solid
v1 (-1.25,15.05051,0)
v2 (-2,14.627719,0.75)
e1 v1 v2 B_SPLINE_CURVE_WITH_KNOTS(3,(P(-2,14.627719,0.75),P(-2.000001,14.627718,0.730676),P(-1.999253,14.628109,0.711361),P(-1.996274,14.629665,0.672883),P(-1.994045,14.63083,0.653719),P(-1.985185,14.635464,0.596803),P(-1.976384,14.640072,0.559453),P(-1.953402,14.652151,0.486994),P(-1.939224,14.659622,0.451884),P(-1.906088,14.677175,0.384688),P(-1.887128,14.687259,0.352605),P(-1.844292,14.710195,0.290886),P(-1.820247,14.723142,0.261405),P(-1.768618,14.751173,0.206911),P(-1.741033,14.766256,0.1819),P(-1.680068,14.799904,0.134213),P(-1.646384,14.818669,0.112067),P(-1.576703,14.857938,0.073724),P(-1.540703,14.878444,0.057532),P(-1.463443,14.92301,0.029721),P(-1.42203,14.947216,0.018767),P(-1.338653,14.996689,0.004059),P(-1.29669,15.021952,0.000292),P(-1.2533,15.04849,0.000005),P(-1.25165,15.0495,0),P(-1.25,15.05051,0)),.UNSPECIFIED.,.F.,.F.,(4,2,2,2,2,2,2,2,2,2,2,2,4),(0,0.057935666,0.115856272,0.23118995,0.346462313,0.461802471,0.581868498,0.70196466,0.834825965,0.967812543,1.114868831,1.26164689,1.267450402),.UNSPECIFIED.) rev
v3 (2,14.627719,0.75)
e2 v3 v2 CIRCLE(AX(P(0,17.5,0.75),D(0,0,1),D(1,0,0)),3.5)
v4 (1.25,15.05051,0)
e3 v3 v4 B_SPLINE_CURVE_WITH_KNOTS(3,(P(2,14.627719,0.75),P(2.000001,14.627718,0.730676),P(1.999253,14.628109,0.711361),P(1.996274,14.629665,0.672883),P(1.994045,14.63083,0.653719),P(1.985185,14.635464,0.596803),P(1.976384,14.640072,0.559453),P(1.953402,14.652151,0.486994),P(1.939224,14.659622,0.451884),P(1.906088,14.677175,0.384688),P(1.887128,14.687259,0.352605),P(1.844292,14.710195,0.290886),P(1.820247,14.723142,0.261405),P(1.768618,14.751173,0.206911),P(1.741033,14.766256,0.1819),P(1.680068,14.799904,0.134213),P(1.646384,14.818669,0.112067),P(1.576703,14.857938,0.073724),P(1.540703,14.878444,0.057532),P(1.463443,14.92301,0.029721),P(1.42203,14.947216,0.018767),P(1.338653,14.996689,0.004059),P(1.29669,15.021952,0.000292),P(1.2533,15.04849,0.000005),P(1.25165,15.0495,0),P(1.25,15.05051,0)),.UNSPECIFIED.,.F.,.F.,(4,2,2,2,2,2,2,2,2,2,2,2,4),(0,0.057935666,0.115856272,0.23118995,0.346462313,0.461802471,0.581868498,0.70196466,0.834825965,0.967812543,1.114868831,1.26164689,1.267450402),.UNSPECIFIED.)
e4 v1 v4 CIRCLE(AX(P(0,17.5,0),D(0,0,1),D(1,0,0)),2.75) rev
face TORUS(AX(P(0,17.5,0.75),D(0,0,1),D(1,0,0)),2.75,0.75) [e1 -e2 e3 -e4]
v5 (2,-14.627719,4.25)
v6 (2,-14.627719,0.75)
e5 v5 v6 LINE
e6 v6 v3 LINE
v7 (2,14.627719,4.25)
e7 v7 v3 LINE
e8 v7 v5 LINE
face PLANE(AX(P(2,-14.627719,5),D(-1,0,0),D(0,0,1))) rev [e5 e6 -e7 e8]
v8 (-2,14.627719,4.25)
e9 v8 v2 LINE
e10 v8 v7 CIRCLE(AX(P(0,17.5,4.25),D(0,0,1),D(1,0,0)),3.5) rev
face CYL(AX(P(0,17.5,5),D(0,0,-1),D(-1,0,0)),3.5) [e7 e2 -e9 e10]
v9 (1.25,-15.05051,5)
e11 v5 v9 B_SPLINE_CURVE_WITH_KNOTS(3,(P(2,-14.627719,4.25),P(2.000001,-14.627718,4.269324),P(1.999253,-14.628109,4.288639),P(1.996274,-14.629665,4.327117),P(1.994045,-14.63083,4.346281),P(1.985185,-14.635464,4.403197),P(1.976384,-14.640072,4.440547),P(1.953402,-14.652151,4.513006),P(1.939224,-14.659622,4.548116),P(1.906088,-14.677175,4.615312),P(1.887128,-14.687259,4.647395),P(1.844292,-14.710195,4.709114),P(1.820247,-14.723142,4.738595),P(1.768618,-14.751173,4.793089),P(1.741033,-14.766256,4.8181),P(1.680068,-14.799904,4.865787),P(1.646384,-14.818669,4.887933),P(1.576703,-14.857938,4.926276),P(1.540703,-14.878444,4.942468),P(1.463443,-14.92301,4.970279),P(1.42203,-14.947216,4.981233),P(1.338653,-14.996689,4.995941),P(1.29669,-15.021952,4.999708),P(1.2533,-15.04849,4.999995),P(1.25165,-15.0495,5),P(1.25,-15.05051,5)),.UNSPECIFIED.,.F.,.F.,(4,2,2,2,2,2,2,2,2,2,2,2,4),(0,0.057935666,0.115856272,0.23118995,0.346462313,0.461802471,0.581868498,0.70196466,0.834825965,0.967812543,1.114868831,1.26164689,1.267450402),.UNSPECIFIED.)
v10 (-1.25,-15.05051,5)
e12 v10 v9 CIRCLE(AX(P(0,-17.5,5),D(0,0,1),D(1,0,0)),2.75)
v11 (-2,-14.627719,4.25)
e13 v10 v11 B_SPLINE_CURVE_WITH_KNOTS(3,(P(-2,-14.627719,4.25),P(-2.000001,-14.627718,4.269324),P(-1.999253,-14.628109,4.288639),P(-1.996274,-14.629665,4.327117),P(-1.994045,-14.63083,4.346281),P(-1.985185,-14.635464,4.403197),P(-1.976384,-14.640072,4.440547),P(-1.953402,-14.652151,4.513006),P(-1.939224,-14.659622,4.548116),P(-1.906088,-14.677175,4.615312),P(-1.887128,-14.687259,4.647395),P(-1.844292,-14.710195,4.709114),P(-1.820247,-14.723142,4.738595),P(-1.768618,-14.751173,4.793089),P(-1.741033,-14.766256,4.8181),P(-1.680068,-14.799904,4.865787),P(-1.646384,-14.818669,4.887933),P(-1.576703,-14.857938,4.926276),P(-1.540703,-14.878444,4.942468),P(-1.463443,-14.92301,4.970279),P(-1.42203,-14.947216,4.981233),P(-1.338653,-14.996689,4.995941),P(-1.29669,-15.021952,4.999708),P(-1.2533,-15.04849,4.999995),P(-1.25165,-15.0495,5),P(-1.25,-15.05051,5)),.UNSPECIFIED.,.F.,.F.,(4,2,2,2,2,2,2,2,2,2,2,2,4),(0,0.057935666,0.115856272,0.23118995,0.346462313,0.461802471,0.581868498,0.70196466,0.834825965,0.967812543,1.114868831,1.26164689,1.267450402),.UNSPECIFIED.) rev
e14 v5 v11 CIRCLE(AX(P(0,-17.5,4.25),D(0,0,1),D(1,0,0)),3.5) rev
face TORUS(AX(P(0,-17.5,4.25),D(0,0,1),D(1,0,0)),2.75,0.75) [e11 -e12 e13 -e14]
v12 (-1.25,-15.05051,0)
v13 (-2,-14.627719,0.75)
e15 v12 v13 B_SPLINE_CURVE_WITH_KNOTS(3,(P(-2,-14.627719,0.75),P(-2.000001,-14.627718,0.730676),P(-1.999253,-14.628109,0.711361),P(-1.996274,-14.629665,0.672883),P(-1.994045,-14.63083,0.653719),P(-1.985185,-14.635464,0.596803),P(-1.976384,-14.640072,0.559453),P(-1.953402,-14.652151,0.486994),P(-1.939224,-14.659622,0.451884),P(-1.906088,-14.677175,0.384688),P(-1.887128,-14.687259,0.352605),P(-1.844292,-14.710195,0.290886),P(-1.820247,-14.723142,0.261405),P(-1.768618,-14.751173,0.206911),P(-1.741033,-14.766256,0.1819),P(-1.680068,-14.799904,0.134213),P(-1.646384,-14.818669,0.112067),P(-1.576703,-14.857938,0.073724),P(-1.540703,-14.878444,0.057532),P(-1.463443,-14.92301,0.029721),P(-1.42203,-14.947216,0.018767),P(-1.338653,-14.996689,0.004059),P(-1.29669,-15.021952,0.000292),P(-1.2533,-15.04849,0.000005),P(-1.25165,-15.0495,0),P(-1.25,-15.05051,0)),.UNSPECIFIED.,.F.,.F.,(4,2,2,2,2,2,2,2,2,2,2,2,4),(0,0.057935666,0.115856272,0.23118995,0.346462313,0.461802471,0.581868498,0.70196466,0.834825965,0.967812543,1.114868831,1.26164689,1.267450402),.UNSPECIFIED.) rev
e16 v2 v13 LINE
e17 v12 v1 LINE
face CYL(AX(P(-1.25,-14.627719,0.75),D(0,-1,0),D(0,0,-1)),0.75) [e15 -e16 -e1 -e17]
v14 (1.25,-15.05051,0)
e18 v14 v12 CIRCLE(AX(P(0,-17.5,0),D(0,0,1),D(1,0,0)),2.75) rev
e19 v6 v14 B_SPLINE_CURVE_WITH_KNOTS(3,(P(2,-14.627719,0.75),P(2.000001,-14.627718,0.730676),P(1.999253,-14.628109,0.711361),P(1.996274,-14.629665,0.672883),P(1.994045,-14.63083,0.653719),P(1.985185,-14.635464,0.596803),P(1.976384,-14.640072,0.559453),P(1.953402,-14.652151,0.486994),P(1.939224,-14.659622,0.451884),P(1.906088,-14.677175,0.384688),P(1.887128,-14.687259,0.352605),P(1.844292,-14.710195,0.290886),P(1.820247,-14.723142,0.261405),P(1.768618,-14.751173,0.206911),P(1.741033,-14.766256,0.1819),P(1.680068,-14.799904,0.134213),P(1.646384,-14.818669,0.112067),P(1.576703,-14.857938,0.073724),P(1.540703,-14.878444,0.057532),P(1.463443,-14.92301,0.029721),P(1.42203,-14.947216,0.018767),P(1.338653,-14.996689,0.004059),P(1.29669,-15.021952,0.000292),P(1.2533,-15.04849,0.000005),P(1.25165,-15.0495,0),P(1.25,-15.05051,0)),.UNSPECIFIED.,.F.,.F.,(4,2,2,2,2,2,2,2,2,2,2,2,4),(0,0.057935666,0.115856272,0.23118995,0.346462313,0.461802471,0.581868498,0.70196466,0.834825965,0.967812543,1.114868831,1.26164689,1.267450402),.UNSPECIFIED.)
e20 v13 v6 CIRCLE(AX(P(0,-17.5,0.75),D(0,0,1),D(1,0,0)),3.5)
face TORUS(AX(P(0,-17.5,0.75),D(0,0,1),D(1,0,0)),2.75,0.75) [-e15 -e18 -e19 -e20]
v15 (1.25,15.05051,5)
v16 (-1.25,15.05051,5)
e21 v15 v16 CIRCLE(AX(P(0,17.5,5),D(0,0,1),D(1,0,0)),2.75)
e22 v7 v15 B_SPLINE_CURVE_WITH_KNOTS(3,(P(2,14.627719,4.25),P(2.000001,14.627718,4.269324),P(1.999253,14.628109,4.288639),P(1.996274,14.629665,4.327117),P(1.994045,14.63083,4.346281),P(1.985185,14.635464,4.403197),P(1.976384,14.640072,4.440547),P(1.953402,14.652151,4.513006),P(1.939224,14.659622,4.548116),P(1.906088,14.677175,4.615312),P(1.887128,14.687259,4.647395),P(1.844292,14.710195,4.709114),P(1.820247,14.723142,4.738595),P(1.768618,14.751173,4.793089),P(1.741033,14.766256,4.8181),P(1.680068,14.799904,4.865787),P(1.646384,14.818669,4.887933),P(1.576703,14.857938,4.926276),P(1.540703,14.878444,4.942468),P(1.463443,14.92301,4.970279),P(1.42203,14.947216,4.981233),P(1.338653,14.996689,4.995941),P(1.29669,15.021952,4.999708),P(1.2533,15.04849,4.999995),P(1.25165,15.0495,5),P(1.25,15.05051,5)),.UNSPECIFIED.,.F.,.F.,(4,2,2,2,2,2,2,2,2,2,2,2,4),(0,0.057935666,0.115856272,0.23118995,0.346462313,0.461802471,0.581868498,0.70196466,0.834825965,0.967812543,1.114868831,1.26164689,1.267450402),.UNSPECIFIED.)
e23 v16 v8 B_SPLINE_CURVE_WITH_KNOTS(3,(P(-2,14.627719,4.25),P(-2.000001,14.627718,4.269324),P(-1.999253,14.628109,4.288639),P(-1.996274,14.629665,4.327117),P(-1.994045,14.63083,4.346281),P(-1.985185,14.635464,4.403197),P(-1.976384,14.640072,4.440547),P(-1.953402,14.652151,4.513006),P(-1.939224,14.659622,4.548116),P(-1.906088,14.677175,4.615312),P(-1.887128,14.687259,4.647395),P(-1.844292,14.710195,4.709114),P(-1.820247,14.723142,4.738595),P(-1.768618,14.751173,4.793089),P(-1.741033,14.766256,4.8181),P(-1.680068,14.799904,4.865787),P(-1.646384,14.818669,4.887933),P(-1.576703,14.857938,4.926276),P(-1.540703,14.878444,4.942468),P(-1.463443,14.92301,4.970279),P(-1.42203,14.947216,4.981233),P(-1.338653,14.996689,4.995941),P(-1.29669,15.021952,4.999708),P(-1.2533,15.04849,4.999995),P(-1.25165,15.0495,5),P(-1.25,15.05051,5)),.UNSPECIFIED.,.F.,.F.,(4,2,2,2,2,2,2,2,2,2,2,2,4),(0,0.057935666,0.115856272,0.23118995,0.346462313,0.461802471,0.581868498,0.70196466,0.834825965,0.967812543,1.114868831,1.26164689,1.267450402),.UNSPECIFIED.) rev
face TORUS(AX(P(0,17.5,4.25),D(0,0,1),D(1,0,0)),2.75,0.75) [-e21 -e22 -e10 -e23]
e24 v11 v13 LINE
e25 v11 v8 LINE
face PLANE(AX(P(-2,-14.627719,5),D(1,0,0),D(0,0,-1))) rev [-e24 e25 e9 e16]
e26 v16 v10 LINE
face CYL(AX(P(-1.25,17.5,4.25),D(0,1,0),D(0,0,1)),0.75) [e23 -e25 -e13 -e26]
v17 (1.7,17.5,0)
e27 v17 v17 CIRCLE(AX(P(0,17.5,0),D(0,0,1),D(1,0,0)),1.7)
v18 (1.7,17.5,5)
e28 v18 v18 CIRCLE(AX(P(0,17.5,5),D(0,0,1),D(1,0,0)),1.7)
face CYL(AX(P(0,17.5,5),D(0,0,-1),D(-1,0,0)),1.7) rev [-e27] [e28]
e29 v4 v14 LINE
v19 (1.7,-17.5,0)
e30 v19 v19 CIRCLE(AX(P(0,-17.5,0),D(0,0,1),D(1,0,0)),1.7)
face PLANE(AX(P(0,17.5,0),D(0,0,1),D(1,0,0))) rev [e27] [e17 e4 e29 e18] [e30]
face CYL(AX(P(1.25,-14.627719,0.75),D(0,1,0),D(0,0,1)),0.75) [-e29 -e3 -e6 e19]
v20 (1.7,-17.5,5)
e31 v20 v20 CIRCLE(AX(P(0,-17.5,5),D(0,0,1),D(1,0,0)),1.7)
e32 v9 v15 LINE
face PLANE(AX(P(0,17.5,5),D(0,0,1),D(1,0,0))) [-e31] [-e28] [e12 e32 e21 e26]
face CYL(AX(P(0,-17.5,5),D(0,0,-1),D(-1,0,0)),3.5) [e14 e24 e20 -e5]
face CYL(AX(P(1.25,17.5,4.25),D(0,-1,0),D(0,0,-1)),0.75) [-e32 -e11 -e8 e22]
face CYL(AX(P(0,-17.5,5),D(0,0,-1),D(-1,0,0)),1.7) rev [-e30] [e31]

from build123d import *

# Parameters (mm, degrees)
CROQUIS1_R              = 1.7
SALIENTE_EXTRUIR1_DEPTH = 5
REDONDEO1_R             = 0.75


with BuildPart() as part:
    # Croquis1 → Saliente-Extruir1 (new body)
    with BuildSketch(Plane.XY):
        with BuildLine():
            Line((2, -14.627718677), (2, 14.627718677))
            ThreePointArc((2, 14.627718677), (0, 21), (-2, 14.627718677))
            Line((-2, 14.627718677), (-2, -14.627718677))
            ThreePointArc((-2, -14.627718677), (0, -21), (2, -14.627718677))
        make_face()
        with Locations((0, -17.5)):
            Circle(CROQUIS1_R, mode=Mode.SUBTRACT)
        with Locations((0, 17.5)):
            Circle(CROQUIS1_R, mode=Mode.SUBTRACT)
    extrude(amount=SALIENTE_EXTRUIR1_DEPTH)

    # Redondeo1
    redondeo1_edges = [part.edges().sort_by_distance(p)[0] for p in [
        (0, -21, 5),
        (2, 0, 5),
        (0, 21, 5),
        (2, 0, 0),
        (0, -21, 0),
        (-2, 0, 0),
        (0, 21, 0),
        (-2, 0, 5),
    ]]
    fillet(redondeo1_edges, radius=REDONDEO1_R)


solid = part.part
